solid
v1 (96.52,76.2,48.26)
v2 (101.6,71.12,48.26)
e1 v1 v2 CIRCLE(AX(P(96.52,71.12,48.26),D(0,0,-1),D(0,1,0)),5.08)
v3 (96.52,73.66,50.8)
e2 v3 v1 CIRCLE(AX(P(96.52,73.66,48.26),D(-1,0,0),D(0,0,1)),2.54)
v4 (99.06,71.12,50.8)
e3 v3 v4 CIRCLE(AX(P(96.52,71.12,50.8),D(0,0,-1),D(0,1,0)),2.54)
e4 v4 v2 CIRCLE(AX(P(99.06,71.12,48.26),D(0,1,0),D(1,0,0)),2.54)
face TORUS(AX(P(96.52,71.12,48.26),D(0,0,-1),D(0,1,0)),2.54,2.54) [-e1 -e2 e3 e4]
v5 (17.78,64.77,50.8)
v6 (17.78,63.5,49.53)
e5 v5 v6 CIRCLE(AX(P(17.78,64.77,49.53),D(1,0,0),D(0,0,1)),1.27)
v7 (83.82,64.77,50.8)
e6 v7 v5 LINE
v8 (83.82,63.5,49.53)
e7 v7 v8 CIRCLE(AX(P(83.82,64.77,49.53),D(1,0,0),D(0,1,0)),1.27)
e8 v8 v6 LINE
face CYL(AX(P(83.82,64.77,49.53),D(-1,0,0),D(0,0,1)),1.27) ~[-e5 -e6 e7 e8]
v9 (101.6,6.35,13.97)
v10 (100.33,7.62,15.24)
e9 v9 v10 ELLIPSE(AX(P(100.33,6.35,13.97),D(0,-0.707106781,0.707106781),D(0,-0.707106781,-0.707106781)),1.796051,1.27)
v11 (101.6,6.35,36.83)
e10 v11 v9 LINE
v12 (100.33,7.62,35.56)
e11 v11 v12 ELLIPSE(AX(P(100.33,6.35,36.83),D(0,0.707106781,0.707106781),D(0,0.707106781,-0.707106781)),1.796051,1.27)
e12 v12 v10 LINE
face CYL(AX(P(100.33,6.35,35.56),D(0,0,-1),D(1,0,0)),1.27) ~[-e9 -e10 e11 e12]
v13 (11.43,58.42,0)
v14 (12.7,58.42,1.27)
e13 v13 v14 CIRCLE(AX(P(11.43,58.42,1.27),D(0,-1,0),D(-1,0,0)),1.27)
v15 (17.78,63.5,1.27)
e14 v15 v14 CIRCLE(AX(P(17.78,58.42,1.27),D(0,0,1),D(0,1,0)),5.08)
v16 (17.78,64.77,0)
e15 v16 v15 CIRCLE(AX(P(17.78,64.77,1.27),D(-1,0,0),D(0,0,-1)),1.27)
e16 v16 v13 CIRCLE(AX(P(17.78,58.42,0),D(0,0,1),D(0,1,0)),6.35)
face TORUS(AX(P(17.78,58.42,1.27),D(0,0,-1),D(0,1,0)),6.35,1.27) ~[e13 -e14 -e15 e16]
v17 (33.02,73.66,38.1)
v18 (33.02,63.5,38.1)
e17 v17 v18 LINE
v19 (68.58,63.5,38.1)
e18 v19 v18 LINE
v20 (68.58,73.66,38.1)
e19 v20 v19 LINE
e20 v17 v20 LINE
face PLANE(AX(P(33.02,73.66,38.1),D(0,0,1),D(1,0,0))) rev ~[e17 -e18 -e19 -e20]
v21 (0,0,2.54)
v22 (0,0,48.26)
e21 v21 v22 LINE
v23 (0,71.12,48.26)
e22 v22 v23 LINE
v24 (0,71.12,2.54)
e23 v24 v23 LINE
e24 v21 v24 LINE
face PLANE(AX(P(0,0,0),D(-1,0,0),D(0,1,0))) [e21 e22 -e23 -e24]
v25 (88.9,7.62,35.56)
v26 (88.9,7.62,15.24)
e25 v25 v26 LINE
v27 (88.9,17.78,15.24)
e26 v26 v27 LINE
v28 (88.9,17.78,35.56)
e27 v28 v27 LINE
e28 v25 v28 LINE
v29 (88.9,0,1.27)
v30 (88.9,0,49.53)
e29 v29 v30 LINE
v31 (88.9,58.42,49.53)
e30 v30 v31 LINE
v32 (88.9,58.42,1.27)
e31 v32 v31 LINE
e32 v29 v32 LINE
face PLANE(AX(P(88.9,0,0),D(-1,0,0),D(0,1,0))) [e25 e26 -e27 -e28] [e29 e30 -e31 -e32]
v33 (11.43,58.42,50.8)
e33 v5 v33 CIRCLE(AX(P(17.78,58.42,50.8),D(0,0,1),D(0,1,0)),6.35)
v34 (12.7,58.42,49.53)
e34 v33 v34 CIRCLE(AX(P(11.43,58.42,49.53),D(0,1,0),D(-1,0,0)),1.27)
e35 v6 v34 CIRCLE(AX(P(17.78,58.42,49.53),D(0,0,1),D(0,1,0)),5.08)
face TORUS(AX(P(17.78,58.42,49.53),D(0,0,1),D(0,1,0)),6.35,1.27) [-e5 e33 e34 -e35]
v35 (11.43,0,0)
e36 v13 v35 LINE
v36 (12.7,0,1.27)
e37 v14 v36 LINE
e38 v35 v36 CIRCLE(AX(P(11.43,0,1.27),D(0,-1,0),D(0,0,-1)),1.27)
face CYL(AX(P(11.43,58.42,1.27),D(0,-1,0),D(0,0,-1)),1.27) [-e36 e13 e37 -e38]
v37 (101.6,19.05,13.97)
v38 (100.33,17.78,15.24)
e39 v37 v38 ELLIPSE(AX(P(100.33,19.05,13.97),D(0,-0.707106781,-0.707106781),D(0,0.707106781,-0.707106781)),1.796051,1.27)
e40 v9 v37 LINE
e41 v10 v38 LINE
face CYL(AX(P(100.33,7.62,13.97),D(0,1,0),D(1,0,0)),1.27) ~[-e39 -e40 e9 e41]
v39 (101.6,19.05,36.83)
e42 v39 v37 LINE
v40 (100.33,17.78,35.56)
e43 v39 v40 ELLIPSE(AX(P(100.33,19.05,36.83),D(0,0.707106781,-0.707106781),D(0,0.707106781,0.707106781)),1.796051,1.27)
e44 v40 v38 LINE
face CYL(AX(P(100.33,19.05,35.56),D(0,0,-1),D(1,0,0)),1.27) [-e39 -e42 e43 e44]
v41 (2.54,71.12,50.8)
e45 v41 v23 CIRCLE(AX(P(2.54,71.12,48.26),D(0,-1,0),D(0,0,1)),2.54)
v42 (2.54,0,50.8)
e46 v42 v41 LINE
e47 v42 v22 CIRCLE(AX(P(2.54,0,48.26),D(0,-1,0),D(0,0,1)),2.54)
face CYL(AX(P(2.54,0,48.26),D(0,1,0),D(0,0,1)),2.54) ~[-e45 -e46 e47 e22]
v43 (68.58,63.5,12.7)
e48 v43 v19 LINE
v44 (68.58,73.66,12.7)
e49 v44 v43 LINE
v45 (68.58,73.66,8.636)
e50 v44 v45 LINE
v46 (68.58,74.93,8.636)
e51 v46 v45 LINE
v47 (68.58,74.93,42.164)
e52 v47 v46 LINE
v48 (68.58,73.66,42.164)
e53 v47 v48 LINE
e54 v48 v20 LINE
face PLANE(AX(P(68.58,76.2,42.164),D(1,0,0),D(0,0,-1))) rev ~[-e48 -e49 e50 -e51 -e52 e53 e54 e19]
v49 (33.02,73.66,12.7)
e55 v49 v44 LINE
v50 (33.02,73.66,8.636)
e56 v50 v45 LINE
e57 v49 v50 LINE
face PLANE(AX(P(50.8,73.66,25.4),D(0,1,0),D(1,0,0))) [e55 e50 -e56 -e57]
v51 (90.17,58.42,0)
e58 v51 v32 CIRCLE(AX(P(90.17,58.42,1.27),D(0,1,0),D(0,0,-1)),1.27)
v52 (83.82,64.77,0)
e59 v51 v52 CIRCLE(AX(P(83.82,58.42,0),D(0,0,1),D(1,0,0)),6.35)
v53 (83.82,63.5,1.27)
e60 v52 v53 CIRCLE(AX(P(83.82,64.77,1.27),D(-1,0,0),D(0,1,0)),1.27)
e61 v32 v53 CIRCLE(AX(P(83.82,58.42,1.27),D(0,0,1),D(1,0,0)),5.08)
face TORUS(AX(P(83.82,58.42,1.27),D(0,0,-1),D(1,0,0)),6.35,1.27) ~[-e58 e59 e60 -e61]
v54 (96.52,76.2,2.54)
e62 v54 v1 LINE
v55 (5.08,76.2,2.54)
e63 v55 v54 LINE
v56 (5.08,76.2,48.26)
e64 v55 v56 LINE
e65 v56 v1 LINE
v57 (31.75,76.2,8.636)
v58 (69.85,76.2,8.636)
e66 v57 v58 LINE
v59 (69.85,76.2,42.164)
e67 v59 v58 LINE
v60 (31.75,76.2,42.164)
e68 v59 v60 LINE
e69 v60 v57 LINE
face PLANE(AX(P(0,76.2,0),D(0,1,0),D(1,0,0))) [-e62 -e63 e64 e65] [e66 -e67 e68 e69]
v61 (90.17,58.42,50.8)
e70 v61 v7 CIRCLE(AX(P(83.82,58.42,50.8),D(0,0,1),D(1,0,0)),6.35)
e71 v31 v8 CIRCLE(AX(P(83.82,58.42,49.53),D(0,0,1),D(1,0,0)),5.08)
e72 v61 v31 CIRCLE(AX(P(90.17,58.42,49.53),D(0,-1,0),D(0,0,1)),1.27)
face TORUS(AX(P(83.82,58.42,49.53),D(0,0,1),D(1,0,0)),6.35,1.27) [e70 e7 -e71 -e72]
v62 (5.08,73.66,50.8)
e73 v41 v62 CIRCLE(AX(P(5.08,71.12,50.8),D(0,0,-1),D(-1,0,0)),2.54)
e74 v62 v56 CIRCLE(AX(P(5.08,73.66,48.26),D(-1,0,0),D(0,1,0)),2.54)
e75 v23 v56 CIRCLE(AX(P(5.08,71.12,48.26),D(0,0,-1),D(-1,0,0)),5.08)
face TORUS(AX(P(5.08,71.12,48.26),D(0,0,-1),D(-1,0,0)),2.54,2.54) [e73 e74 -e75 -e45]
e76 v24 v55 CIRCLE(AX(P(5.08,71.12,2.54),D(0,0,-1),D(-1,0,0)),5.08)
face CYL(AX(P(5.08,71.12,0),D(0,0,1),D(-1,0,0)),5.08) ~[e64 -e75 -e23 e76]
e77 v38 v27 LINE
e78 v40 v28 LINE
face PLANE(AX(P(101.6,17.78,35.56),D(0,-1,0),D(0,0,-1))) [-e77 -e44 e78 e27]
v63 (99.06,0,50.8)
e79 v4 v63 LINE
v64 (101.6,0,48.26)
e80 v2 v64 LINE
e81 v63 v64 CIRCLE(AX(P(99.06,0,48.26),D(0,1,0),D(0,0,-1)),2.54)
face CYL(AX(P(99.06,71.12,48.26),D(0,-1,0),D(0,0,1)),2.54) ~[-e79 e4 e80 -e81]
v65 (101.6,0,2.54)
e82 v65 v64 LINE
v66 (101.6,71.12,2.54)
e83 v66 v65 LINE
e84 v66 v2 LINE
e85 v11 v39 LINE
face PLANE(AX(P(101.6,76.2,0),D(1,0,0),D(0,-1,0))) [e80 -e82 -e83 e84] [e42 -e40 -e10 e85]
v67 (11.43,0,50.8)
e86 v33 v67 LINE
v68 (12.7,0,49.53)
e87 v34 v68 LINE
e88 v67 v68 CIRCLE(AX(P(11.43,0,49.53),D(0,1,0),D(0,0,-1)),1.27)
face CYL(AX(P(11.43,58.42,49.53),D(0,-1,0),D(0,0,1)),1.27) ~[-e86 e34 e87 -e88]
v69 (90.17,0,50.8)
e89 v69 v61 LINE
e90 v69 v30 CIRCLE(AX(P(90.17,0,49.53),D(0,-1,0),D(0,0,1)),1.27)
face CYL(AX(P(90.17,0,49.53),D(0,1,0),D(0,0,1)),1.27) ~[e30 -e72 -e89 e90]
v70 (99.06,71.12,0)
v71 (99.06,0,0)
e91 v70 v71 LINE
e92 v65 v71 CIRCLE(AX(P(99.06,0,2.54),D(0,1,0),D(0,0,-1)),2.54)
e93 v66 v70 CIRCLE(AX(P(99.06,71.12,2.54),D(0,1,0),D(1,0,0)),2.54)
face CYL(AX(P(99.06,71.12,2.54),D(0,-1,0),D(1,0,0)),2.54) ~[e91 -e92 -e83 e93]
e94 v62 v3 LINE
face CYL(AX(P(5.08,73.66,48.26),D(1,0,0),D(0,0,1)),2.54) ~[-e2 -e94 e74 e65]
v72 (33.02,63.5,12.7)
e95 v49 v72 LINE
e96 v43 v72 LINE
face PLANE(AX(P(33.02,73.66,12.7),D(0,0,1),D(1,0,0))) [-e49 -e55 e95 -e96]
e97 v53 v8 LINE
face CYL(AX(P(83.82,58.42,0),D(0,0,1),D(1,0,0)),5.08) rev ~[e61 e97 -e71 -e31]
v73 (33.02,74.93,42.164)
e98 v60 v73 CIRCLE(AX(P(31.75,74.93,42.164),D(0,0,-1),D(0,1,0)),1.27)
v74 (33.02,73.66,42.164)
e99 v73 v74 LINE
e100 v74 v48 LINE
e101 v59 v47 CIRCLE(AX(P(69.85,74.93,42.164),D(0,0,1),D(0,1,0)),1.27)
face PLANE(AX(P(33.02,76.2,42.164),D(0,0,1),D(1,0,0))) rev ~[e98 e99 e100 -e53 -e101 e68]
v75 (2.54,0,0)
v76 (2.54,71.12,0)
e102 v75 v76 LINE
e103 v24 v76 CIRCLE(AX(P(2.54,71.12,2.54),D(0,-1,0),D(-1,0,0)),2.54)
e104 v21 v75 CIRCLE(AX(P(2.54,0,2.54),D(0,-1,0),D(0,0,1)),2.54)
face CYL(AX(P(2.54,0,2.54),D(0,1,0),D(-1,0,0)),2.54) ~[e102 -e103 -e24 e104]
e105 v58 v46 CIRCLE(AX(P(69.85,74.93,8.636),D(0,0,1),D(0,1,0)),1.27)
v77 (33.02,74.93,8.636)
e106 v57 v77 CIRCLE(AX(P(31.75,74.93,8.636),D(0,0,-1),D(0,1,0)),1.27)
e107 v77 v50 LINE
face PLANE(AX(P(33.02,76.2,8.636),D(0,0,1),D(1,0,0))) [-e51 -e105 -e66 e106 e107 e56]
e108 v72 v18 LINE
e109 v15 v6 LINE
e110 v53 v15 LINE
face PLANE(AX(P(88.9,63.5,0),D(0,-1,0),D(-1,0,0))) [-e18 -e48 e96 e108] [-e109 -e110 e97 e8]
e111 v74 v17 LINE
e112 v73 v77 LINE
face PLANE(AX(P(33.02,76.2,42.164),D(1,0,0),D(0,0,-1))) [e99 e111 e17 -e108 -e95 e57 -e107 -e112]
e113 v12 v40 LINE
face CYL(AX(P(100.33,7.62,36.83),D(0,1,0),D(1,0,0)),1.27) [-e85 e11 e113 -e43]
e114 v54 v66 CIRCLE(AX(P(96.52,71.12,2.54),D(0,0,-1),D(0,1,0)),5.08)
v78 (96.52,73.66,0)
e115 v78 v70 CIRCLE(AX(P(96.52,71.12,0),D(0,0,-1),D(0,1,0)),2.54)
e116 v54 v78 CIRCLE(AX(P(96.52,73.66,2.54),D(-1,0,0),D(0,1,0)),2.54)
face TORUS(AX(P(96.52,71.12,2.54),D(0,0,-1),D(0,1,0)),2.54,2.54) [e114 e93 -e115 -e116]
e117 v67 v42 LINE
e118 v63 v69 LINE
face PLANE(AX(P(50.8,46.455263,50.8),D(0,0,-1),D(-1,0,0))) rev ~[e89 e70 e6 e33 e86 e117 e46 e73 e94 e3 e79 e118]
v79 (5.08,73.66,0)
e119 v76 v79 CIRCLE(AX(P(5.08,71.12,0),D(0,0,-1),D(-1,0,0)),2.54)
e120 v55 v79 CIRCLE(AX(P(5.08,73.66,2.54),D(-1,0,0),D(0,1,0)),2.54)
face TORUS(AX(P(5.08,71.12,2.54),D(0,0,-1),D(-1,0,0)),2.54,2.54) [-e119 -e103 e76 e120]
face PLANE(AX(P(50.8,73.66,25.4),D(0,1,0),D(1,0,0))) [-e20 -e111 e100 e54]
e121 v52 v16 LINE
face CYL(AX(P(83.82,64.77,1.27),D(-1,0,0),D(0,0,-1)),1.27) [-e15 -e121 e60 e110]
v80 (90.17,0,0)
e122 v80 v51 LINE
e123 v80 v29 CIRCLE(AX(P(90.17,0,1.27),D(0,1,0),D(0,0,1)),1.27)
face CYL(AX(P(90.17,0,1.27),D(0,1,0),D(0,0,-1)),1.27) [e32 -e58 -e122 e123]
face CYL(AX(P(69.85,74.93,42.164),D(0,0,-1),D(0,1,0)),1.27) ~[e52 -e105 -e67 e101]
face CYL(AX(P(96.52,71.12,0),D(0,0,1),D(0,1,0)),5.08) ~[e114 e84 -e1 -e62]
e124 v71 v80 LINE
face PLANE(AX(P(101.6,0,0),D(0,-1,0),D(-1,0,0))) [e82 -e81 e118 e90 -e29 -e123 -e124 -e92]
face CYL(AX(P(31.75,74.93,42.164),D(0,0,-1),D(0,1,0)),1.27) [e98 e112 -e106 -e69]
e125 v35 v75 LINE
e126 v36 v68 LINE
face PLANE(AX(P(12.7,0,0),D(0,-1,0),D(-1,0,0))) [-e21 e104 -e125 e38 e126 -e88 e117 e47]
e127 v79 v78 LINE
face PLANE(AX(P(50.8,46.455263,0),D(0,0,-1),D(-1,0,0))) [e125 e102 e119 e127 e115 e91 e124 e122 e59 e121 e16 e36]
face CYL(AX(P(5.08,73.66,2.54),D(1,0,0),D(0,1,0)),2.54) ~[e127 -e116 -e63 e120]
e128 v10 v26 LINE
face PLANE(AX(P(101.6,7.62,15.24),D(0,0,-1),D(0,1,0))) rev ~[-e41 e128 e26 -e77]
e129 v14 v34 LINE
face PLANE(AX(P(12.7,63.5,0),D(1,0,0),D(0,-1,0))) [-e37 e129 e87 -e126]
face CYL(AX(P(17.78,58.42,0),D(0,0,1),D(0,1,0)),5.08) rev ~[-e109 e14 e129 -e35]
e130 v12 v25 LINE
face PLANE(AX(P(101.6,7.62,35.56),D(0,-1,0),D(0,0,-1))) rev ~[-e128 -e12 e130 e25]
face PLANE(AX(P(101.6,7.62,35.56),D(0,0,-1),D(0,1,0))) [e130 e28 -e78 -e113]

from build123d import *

# Parameters (mm, degrees)
BOSS_EXTRUDE1_DEPTH = 50.8
FILLET1_R           = 5.08
SKETCH2_W           = 35.56
SKETCH2_H           = 33.528
CUT_EXTRUDE1_DEPTH  = 2.54
SKETCH4_W           = 35.56
SKETCH4_H           = 25.4
CUT_EXTRUDE2_DEPTH  = 74.66
FILLET2_R           = 1.27
CUT_EXTRUDE3_REACH  = 103.6
SKETCH6_W           = 20.32
SKETCH6_H           = 10.16
FILLET3_R           = 2.54
FILLET4_R           = 1.27
FILLET5_R           = 1.27


with BuildPart() as part:
    # Sketch1 → Boss-Extrude1 (new body)
    with BuildSketch(Plane.XY):
        Polygon((0, 0), (0, 76.2), (101.6, 76.2), (101.6, 0), (88.9, 0), (88.9, 63.5), (12.7, 63.5), (12.7, 0), align=None)
    extrude(amount=BOSS_EXTRUDE1_DEPTH)

    # Fillet1
    fillet1_edges = [part.edges().sort_by_distance(p)[0] for p in [
        (0, 76.2, 25.4),
        (101.6, 76.2, 25.4),
        (88.9, 63.5, 25.4),
        (12.7, 63.5, 25.4),
    ]]
    fillet(fillet1_edges, radius=FILLET1_R)

    # Sketch2 → Cut-Extrude1 (cut)
    with BuildSketch(Plane(origin=(0, 76.2, 0), x_dir=(1, 0, 0), z_dir=(0, 1, 0))):
        with Locations((50.8, -25.4)):
            Rectangle(SKETCH2_W, SKETCH2_H)
    extrude(amount=-CUT_EXTRUDE1_DEPTH, mode=Mode.SUBTRACT)

    # Sketch4 → Cut-Extrude2 (cut, through all)
    with BuildSketch(Plane(origin=(0, 73.66, 0), x_dir=(1, 0, 0), z_dir=(0, 1, 0))):
        with Locations((50.8, -25.4)):
            Rectangle(SKETCH4_W, SKETCH4_H)
    extrude(amount=-CUT_EXTRUDE2_DEPTH, mode=Mode.SUBTRACT)

    # Fillet2
    fillet2_edges = [part.edges().sort_by_distance(p)[0] for p in [
        (68.58, 76.2, 25.4),
        (33.02, 76.2, 25.4),
    ]]
    fillet(fillet2_edges, radius=FILLET2_R)

    # Sketch6 → Cut-Extrude3 (cut, up to next)
    with BuildSketch(Plane(origin=(101.6, 0, 0), x_dir=(0, 0, -1), z_dir=(1, 0, 0)), mode=Mode.PRIVATE) as cut_extrude3_sk1:
        with Locations((-25.4, 12.7)):
            Rectangle(SKETCH6_W, SKETCH6_H)
    cut_extrude3_tool1 = extrude(cut_extrude3_sk1.sketch, amount=-CUT_EXTRUDE3_REACH, mode=Mode.PRIVATE) & part.part
    add(cut_extrude3_tool1.solids().sort_by_distance((101.6, 12.7, 25.4))[0], mode=Mode.SUBTRACT)

    # Fillet3
    fillet3_edges = [part.edges().sort_by_distance(p)[0] for p in [
        (101.6, 35.56, 50.8),
        (50.8, 76.2, 0),
        (50.8, 76.2, 50.8),
        (0, 35.56, 0),
        (1.487897552, 74.712102448, 0),
        (100.112102448, 74.712102448, 0),
        (0, 35.56, 50.8),
        (1.487897552, 74.712102448, 50.8),
        (100.112102448, 74.712102448, 50.8),
        (101.6, 35.56, 0),
    ]]
    fillet(fillet3_edges, radius=FILLET3_R)

    # Fillet4
    fillet4_edges = [part.edges().sort_by_distance(p)[0] for p in [
        (101.6, 12.7, 35.56),
        (101.6, 17.78, 25.4),
        (101.6, 7.62, 25.4),
        (101.6, 12.7, 15.24),
    ]]
    fillet(fillet4_edges, radius=FILLET4_R)

    # Fillet5
    fillet5_edges = [part.edges().sort_by_distance(p)[0] for p in [
        (12.7, 29.21, 0),
        (88.9, 29.21, 0),
        (88.9, 29.21, 50.8),
        (50.8, 63.5, 0),
        (50.8, 63.5, 50.8),
        (87.412102448, 62.012102448, 0),
        (87.412102448, 62.012102448, 50.8),
        (14.187897552, 62.012102448, 0),
        (14.187897552, 62.012102448, 50.8),
        (12.7, 29.21, 50.8),
    ]]
    fillet(fillet5_edges, radius=FILLET5_R)


solid = part.part
